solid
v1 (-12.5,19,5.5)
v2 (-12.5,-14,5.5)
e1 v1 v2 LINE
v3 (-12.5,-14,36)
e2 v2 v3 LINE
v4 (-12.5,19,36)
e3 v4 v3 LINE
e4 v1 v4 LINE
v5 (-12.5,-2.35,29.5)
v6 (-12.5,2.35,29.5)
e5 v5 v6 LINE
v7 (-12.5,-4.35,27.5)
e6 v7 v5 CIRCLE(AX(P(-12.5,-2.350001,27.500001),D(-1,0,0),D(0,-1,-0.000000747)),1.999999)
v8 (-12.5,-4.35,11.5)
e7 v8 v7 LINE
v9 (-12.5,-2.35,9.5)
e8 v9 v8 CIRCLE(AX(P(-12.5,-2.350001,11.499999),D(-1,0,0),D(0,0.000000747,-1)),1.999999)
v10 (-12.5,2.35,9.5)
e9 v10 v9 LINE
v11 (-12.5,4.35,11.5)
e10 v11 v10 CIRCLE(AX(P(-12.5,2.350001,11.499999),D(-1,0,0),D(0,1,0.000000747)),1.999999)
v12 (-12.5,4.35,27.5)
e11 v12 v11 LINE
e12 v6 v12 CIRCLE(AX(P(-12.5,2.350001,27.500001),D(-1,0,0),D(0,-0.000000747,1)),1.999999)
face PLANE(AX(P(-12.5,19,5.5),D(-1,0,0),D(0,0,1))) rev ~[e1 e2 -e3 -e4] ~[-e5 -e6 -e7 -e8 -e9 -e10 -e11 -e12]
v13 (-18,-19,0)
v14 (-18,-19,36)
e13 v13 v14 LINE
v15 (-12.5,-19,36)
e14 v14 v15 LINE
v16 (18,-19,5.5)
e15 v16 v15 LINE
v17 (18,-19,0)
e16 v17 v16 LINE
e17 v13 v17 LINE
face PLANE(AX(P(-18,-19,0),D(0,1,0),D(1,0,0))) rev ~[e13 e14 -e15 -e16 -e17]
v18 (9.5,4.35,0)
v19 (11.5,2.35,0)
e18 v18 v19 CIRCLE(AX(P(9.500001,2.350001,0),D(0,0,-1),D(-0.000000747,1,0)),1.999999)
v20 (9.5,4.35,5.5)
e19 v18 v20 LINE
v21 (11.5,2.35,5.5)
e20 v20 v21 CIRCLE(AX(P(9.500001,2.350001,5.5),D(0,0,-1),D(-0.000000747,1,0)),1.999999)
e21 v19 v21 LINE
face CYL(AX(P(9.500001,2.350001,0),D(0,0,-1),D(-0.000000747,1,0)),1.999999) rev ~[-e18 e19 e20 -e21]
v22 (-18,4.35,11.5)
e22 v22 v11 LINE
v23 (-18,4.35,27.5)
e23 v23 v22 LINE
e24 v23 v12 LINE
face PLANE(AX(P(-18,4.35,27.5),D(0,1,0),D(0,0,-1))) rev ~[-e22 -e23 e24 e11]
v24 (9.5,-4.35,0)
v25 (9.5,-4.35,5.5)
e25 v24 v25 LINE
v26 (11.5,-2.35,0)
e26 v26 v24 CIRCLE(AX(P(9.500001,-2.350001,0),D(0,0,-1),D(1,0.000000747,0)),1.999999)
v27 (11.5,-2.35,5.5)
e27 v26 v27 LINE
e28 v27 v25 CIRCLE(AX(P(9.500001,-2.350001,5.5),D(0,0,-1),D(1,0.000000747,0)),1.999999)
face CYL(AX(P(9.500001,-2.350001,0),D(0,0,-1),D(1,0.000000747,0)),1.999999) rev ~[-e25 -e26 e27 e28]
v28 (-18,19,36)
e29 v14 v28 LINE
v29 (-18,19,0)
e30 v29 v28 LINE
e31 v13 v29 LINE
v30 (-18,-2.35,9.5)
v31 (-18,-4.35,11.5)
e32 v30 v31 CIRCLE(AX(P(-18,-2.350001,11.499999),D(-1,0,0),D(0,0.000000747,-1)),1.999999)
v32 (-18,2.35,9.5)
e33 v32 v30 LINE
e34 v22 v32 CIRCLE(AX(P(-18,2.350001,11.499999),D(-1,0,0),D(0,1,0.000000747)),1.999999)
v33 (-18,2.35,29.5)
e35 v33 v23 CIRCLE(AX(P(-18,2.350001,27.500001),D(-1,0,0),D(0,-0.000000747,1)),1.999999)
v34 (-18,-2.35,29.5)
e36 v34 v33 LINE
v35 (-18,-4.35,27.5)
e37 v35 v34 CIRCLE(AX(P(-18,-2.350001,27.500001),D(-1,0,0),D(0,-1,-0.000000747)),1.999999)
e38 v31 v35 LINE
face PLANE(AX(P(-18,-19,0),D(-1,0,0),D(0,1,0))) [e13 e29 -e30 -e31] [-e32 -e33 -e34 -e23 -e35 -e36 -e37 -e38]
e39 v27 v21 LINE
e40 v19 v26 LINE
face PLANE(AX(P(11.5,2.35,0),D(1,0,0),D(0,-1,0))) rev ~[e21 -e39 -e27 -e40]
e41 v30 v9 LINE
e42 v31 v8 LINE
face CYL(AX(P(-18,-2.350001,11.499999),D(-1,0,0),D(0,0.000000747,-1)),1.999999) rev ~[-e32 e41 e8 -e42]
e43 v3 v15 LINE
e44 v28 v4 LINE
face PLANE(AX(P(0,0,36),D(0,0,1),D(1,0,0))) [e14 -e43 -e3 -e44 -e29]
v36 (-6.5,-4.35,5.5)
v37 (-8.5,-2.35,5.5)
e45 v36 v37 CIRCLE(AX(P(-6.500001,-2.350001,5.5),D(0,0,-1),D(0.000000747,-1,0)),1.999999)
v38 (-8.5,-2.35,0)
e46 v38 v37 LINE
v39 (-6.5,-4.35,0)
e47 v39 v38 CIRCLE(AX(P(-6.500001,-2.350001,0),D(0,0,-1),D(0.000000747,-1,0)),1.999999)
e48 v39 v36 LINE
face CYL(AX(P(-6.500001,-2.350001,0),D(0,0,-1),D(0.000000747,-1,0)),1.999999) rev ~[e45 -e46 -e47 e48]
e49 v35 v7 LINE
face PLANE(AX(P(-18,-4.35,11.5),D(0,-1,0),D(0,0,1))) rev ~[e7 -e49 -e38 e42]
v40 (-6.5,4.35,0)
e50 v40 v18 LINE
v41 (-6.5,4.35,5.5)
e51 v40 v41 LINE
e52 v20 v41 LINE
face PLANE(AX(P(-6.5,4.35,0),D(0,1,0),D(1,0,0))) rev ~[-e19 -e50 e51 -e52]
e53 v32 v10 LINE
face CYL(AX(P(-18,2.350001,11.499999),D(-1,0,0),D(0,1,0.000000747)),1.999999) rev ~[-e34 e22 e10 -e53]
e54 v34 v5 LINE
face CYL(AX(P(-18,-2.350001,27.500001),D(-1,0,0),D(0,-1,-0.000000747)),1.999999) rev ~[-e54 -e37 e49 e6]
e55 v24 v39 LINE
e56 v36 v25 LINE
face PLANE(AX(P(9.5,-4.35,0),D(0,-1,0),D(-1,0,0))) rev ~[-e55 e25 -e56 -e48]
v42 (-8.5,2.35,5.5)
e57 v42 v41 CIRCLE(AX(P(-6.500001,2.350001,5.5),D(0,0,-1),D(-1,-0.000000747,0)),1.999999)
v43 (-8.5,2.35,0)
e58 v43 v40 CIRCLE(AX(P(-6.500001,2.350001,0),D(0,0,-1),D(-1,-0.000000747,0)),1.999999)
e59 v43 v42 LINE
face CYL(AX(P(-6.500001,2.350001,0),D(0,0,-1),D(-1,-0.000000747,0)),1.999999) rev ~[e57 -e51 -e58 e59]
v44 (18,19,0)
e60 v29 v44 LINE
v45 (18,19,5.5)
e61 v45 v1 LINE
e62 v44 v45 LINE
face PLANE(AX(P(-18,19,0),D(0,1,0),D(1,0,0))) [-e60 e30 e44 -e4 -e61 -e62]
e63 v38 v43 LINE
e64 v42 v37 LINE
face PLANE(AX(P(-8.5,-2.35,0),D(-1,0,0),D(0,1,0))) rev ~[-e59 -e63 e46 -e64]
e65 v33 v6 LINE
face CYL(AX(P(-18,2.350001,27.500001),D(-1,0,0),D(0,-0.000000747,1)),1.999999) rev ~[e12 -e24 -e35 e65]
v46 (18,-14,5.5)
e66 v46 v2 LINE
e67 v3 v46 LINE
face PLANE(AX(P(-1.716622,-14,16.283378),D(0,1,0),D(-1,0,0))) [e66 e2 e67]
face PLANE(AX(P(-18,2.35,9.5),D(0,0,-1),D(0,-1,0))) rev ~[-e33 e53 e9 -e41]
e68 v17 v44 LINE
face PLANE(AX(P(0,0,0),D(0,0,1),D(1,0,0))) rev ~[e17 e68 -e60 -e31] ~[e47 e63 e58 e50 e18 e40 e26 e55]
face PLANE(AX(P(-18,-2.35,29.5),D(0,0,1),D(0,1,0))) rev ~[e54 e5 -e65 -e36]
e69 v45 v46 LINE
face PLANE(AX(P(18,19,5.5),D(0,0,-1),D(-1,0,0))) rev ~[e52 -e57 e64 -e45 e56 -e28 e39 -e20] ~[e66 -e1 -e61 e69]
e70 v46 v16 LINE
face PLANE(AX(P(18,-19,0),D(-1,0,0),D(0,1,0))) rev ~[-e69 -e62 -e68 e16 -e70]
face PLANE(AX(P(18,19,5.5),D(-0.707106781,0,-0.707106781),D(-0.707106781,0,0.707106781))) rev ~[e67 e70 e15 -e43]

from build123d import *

# Parameters (mm, degrees)
F0_W     = 36
F0_H     = 38
F1_DEPTH = 36
F3_DEPTH = 38.001
F4_DEPTH = 33
F6_DEPTH = 36.001


with BuildPart() as f1:
    # F0 (on Top) → F1 (new body)
    with BuildSketch(Plane.XY):
        Rectangle(F0_W, F0_H)
        with BuildLine():
            ThreePointArc((-8.5, 2.35), (-7.914214, 3.764214), (-6.5, 4.35))
            Line((-6.5, 4.35), (9.5, 4.35))
            ThreePointArc((9.5, 4.35), (10.914214, 3.764214), (11.5, 2.35))
            Line((11.5, 2.35), (11.5, -2.35))
            ThreePointArc((11.5, -2.35), (10.914214, -3.764214), (9.5, -4.35))
            Line((9.5, -4.35), (-6.5, -4.35))
            ThreePointArc((-6.5, -4.35), (-7.914214, -3.764214), (-8.5, -2.35))
            Line((-8.5, -2.35), (-8.5, 2.35))
        make_face(mode=Mode.SUBTRACT)
    extrude(amount=F1_DEPTH)

    # F2 (on face) → F3 (cut, through all)
    with BuildSketch(Plane(origin=(0, 19, 0), x_dir=(-1, 0, 0), z_dir=(0, 1, 0))):
        Polygon((-18, 5.5), (12.5, 36), (-18, 36), align=None)
    extrude(amount=-F3_DEPTH, mode=Mode.SUBTRACT)

    # F2 (on face) → F4 (cut)
    with BuildSketch(Plane(origin=(0, 19, 0), x_dir=(-1, 0, 0), z_dir=(0, 1, 0))):
        Polygon((12.5, 5.5), (12.5, 36), (-18, 5.5), align=None)
    extrude(amount=-F4_DEPTH, mode=Mode.SUBTRACT)

    # F5 (on face) → F6 (cut, through all)
    with BuildSketch(Plane(origin=(-18, 0, 0), x_dir=(0, -1, 0), z_dir=(-1, 0, 0))):
        with BuildLine():
            Line((2.35, 29.5), (-2.35, 29.5))
            ThreePointArc((-2.35, 29.5), (-3.764214, 28.914214), (-4.35, 27.5))
            Line((-4.35, 27.5), (-4.35, 11.5))
            ThreePointArc((-4.35, 11.5), (-3.764214, 10.085786), (-2.35, 9.5))
            Line((-2.35, 9.5), (2.35, 9.5))
            ThreePointArc((2.35, 9.5), (3.764214, 10.085786), (4.35, 11.5))
            Line((4.35, 11.5), (4.35, 27.5))
            ThreePointArc((4.35, 27.5), (3.764214, 28.914214), (2.35, 29.5))
        make_face()
    extrude(amount=-F6_DEPTH, mode=Mode.SUBTRACT)


solid = f1.part
